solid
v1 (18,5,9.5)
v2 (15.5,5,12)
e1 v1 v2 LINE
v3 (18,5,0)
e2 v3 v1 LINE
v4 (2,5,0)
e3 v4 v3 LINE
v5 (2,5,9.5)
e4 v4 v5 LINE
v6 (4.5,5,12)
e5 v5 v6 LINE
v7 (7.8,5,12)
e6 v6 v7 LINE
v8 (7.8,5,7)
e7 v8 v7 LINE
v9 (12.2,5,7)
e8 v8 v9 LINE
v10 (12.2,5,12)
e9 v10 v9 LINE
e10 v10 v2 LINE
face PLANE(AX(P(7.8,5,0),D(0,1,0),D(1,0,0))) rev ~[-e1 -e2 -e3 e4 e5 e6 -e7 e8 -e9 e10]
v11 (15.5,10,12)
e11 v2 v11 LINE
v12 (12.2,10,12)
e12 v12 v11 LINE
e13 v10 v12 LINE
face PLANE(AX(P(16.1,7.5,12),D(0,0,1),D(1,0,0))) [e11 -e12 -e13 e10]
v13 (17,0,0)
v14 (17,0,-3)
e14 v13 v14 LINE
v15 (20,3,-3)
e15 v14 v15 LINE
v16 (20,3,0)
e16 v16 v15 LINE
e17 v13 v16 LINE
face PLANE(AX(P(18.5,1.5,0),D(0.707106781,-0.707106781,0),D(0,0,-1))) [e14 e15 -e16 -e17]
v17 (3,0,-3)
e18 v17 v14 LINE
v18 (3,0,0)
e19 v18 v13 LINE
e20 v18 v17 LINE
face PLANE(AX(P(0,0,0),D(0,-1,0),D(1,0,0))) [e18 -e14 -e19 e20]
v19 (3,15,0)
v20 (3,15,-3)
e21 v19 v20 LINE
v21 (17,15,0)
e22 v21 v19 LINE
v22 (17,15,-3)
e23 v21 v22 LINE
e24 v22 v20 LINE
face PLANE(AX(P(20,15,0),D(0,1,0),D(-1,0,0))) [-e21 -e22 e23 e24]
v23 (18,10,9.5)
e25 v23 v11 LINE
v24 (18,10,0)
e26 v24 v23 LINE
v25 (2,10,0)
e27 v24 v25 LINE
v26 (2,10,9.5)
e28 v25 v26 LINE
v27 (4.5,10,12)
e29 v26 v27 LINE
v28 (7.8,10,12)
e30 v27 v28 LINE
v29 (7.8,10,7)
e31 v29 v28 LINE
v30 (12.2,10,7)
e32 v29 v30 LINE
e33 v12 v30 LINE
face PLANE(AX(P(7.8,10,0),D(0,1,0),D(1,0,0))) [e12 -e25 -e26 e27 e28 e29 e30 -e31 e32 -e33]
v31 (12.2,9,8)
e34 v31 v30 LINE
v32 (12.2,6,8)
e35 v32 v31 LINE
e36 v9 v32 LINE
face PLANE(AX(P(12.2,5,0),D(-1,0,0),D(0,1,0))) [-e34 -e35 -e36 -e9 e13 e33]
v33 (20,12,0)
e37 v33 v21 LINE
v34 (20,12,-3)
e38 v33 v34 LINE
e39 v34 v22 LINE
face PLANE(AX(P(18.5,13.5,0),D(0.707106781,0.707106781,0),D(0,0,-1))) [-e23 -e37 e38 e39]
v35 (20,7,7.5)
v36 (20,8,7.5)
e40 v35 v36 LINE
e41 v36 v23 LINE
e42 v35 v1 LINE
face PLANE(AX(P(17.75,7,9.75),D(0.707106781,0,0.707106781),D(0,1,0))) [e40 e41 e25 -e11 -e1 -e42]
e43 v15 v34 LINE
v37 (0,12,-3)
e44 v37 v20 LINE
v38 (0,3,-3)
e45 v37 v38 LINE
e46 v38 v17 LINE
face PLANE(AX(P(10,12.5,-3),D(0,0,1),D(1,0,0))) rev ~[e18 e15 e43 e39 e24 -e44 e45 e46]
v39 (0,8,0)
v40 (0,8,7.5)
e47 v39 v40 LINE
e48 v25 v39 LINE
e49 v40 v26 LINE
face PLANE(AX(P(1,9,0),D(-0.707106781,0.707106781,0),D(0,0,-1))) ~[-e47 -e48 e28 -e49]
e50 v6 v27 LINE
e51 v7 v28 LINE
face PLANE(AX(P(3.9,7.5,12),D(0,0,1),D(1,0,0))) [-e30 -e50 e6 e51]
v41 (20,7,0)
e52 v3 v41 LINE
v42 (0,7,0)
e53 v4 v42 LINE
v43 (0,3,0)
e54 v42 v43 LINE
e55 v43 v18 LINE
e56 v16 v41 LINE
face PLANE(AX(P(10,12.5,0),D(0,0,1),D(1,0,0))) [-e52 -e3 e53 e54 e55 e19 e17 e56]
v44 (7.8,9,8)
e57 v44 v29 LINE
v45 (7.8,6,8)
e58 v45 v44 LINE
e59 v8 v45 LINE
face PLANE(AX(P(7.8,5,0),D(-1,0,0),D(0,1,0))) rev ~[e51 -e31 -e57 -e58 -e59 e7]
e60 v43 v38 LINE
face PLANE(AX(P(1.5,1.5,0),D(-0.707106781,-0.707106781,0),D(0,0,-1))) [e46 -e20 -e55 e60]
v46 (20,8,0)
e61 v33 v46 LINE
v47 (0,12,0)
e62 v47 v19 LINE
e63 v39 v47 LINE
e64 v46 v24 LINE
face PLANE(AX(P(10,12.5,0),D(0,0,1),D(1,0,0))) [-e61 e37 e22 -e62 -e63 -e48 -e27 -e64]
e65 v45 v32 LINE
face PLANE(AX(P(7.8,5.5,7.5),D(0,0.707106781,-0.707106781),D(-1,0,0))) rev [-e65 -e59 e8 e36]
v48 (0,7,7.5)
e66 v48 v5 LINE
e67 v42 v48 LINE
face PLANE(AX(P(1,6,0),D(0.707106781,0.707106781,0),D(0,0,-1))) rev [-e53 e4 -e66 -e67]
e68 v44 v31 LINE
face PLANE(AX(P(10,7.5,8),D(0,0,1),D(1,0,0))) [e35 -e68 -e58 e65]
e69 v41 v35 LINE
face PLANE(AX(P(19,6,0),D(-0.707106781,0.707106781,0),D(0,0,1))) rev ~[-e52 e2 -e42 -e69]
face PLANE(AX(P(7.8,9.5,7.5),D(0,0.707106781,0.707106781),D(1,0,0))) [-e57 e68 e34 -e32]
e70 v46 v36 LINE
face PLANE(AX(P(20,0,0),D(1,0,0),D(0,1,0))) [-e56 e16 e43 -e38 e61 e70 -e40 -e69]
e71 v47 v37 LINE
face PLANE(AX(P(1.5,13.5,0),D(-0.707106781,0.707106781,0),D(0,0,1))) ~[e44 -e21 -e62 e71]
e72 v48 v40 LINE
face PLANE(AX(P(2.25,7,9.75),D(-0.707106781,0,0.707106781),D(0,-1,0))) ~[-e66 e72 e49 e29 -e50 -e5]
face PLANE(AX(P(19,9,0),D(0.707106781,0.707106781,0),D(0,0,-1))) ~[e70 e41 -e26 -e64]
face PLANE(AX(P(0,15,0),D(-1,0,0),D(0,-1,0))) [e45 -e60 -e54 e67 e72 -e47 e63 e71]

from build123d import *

# Parameters (mm, degrees)
F0_W     = 7.8
F0_H     = 5
F0_W_2   = 4.4
F1_DEPTH = 3
F2_DEPTH = 12
F3_DEPTH = 8
F4_SIZE  = 2
F5_SIZE  = 4.5
F6_SIZE  = 3
F7_SIZE  = 1


with BuildPart() as f1:
    # F0 (on Top) → F1 (new body)
    with BuildSketch(Plane.XY):
        Polygon((0, 15), (0, 10), (7.8, 10), (12.2, 10), (20, 10), (20, 15), align=None)
        with Locations((3.9, 7.5)):
            Rectangle(F0_W, F0_H)
        with Locations((10, 7.5)):
            Rectangle(F0_W_2, F0_H)
        with Locations((16.1, 7.5)):
            Rectangle(F0_W, F0_H)
        Polygon((0, 5), (0, 0), (20, 0), (20, 5), (12.2, 5), (7.8, 5), align=None)
    extrude(amount=-F1_DEPTH)

    # F0 (on Top) → F2 (join)
    with BuildSketch(Plane.XY):
        with Locations((3.9, 7.5)):
            Rectangle(F0_W, F0_H)
        with Locations((16.1, 7.5)):
            Rectangle(F0_W, F0_H)
    extrude(amount=F2_DEPTH)

    # F0 (on Top) → F3 (join)
    with BuildSketch(Plane.XY):
        with Locations((10, 7.5)):
            Rectangle(F0_W_2, F0_H)
    extrude(amount=F3_DEPTH)

    # F4
    f4_edges = [f1.edges().sort_by_distance(p)[0] for p in [
        (0, 10, 6),
        (0, 5, 6),
        (20, 5, 6),
        (20, 10, 6),
    ]]
    chamfer(f4_edges, length=F4_SIZE)

    # F5
    f5_edges = [f1.edges().sort_by_distance(p)[0] for p in [
        (0, 7.5, 12),
        (20, 7.5, 12),
    ]]
    chamfer(f5_edges, length=F5_SIZE)

    # F6
    f6_edges = [f1.edges().sort_by_distance(p)[0] for p in [
        (0, 15, -1.5),
        (0, 0, -1.5),
        (20, 0, -1.5),
        (20, 15, -1.5),
    ]]
    chamfer(f6_edges, length=F6_SIZE)

    # F7
    f7_edges = [f1.edges().sort_by_distance(p)[0] for p in [
        (10, 5, 8),
        (10, 10, 8),
    ]]
    chamfer(f7_edges, length=F7_SIZE)


solid = f1.part
